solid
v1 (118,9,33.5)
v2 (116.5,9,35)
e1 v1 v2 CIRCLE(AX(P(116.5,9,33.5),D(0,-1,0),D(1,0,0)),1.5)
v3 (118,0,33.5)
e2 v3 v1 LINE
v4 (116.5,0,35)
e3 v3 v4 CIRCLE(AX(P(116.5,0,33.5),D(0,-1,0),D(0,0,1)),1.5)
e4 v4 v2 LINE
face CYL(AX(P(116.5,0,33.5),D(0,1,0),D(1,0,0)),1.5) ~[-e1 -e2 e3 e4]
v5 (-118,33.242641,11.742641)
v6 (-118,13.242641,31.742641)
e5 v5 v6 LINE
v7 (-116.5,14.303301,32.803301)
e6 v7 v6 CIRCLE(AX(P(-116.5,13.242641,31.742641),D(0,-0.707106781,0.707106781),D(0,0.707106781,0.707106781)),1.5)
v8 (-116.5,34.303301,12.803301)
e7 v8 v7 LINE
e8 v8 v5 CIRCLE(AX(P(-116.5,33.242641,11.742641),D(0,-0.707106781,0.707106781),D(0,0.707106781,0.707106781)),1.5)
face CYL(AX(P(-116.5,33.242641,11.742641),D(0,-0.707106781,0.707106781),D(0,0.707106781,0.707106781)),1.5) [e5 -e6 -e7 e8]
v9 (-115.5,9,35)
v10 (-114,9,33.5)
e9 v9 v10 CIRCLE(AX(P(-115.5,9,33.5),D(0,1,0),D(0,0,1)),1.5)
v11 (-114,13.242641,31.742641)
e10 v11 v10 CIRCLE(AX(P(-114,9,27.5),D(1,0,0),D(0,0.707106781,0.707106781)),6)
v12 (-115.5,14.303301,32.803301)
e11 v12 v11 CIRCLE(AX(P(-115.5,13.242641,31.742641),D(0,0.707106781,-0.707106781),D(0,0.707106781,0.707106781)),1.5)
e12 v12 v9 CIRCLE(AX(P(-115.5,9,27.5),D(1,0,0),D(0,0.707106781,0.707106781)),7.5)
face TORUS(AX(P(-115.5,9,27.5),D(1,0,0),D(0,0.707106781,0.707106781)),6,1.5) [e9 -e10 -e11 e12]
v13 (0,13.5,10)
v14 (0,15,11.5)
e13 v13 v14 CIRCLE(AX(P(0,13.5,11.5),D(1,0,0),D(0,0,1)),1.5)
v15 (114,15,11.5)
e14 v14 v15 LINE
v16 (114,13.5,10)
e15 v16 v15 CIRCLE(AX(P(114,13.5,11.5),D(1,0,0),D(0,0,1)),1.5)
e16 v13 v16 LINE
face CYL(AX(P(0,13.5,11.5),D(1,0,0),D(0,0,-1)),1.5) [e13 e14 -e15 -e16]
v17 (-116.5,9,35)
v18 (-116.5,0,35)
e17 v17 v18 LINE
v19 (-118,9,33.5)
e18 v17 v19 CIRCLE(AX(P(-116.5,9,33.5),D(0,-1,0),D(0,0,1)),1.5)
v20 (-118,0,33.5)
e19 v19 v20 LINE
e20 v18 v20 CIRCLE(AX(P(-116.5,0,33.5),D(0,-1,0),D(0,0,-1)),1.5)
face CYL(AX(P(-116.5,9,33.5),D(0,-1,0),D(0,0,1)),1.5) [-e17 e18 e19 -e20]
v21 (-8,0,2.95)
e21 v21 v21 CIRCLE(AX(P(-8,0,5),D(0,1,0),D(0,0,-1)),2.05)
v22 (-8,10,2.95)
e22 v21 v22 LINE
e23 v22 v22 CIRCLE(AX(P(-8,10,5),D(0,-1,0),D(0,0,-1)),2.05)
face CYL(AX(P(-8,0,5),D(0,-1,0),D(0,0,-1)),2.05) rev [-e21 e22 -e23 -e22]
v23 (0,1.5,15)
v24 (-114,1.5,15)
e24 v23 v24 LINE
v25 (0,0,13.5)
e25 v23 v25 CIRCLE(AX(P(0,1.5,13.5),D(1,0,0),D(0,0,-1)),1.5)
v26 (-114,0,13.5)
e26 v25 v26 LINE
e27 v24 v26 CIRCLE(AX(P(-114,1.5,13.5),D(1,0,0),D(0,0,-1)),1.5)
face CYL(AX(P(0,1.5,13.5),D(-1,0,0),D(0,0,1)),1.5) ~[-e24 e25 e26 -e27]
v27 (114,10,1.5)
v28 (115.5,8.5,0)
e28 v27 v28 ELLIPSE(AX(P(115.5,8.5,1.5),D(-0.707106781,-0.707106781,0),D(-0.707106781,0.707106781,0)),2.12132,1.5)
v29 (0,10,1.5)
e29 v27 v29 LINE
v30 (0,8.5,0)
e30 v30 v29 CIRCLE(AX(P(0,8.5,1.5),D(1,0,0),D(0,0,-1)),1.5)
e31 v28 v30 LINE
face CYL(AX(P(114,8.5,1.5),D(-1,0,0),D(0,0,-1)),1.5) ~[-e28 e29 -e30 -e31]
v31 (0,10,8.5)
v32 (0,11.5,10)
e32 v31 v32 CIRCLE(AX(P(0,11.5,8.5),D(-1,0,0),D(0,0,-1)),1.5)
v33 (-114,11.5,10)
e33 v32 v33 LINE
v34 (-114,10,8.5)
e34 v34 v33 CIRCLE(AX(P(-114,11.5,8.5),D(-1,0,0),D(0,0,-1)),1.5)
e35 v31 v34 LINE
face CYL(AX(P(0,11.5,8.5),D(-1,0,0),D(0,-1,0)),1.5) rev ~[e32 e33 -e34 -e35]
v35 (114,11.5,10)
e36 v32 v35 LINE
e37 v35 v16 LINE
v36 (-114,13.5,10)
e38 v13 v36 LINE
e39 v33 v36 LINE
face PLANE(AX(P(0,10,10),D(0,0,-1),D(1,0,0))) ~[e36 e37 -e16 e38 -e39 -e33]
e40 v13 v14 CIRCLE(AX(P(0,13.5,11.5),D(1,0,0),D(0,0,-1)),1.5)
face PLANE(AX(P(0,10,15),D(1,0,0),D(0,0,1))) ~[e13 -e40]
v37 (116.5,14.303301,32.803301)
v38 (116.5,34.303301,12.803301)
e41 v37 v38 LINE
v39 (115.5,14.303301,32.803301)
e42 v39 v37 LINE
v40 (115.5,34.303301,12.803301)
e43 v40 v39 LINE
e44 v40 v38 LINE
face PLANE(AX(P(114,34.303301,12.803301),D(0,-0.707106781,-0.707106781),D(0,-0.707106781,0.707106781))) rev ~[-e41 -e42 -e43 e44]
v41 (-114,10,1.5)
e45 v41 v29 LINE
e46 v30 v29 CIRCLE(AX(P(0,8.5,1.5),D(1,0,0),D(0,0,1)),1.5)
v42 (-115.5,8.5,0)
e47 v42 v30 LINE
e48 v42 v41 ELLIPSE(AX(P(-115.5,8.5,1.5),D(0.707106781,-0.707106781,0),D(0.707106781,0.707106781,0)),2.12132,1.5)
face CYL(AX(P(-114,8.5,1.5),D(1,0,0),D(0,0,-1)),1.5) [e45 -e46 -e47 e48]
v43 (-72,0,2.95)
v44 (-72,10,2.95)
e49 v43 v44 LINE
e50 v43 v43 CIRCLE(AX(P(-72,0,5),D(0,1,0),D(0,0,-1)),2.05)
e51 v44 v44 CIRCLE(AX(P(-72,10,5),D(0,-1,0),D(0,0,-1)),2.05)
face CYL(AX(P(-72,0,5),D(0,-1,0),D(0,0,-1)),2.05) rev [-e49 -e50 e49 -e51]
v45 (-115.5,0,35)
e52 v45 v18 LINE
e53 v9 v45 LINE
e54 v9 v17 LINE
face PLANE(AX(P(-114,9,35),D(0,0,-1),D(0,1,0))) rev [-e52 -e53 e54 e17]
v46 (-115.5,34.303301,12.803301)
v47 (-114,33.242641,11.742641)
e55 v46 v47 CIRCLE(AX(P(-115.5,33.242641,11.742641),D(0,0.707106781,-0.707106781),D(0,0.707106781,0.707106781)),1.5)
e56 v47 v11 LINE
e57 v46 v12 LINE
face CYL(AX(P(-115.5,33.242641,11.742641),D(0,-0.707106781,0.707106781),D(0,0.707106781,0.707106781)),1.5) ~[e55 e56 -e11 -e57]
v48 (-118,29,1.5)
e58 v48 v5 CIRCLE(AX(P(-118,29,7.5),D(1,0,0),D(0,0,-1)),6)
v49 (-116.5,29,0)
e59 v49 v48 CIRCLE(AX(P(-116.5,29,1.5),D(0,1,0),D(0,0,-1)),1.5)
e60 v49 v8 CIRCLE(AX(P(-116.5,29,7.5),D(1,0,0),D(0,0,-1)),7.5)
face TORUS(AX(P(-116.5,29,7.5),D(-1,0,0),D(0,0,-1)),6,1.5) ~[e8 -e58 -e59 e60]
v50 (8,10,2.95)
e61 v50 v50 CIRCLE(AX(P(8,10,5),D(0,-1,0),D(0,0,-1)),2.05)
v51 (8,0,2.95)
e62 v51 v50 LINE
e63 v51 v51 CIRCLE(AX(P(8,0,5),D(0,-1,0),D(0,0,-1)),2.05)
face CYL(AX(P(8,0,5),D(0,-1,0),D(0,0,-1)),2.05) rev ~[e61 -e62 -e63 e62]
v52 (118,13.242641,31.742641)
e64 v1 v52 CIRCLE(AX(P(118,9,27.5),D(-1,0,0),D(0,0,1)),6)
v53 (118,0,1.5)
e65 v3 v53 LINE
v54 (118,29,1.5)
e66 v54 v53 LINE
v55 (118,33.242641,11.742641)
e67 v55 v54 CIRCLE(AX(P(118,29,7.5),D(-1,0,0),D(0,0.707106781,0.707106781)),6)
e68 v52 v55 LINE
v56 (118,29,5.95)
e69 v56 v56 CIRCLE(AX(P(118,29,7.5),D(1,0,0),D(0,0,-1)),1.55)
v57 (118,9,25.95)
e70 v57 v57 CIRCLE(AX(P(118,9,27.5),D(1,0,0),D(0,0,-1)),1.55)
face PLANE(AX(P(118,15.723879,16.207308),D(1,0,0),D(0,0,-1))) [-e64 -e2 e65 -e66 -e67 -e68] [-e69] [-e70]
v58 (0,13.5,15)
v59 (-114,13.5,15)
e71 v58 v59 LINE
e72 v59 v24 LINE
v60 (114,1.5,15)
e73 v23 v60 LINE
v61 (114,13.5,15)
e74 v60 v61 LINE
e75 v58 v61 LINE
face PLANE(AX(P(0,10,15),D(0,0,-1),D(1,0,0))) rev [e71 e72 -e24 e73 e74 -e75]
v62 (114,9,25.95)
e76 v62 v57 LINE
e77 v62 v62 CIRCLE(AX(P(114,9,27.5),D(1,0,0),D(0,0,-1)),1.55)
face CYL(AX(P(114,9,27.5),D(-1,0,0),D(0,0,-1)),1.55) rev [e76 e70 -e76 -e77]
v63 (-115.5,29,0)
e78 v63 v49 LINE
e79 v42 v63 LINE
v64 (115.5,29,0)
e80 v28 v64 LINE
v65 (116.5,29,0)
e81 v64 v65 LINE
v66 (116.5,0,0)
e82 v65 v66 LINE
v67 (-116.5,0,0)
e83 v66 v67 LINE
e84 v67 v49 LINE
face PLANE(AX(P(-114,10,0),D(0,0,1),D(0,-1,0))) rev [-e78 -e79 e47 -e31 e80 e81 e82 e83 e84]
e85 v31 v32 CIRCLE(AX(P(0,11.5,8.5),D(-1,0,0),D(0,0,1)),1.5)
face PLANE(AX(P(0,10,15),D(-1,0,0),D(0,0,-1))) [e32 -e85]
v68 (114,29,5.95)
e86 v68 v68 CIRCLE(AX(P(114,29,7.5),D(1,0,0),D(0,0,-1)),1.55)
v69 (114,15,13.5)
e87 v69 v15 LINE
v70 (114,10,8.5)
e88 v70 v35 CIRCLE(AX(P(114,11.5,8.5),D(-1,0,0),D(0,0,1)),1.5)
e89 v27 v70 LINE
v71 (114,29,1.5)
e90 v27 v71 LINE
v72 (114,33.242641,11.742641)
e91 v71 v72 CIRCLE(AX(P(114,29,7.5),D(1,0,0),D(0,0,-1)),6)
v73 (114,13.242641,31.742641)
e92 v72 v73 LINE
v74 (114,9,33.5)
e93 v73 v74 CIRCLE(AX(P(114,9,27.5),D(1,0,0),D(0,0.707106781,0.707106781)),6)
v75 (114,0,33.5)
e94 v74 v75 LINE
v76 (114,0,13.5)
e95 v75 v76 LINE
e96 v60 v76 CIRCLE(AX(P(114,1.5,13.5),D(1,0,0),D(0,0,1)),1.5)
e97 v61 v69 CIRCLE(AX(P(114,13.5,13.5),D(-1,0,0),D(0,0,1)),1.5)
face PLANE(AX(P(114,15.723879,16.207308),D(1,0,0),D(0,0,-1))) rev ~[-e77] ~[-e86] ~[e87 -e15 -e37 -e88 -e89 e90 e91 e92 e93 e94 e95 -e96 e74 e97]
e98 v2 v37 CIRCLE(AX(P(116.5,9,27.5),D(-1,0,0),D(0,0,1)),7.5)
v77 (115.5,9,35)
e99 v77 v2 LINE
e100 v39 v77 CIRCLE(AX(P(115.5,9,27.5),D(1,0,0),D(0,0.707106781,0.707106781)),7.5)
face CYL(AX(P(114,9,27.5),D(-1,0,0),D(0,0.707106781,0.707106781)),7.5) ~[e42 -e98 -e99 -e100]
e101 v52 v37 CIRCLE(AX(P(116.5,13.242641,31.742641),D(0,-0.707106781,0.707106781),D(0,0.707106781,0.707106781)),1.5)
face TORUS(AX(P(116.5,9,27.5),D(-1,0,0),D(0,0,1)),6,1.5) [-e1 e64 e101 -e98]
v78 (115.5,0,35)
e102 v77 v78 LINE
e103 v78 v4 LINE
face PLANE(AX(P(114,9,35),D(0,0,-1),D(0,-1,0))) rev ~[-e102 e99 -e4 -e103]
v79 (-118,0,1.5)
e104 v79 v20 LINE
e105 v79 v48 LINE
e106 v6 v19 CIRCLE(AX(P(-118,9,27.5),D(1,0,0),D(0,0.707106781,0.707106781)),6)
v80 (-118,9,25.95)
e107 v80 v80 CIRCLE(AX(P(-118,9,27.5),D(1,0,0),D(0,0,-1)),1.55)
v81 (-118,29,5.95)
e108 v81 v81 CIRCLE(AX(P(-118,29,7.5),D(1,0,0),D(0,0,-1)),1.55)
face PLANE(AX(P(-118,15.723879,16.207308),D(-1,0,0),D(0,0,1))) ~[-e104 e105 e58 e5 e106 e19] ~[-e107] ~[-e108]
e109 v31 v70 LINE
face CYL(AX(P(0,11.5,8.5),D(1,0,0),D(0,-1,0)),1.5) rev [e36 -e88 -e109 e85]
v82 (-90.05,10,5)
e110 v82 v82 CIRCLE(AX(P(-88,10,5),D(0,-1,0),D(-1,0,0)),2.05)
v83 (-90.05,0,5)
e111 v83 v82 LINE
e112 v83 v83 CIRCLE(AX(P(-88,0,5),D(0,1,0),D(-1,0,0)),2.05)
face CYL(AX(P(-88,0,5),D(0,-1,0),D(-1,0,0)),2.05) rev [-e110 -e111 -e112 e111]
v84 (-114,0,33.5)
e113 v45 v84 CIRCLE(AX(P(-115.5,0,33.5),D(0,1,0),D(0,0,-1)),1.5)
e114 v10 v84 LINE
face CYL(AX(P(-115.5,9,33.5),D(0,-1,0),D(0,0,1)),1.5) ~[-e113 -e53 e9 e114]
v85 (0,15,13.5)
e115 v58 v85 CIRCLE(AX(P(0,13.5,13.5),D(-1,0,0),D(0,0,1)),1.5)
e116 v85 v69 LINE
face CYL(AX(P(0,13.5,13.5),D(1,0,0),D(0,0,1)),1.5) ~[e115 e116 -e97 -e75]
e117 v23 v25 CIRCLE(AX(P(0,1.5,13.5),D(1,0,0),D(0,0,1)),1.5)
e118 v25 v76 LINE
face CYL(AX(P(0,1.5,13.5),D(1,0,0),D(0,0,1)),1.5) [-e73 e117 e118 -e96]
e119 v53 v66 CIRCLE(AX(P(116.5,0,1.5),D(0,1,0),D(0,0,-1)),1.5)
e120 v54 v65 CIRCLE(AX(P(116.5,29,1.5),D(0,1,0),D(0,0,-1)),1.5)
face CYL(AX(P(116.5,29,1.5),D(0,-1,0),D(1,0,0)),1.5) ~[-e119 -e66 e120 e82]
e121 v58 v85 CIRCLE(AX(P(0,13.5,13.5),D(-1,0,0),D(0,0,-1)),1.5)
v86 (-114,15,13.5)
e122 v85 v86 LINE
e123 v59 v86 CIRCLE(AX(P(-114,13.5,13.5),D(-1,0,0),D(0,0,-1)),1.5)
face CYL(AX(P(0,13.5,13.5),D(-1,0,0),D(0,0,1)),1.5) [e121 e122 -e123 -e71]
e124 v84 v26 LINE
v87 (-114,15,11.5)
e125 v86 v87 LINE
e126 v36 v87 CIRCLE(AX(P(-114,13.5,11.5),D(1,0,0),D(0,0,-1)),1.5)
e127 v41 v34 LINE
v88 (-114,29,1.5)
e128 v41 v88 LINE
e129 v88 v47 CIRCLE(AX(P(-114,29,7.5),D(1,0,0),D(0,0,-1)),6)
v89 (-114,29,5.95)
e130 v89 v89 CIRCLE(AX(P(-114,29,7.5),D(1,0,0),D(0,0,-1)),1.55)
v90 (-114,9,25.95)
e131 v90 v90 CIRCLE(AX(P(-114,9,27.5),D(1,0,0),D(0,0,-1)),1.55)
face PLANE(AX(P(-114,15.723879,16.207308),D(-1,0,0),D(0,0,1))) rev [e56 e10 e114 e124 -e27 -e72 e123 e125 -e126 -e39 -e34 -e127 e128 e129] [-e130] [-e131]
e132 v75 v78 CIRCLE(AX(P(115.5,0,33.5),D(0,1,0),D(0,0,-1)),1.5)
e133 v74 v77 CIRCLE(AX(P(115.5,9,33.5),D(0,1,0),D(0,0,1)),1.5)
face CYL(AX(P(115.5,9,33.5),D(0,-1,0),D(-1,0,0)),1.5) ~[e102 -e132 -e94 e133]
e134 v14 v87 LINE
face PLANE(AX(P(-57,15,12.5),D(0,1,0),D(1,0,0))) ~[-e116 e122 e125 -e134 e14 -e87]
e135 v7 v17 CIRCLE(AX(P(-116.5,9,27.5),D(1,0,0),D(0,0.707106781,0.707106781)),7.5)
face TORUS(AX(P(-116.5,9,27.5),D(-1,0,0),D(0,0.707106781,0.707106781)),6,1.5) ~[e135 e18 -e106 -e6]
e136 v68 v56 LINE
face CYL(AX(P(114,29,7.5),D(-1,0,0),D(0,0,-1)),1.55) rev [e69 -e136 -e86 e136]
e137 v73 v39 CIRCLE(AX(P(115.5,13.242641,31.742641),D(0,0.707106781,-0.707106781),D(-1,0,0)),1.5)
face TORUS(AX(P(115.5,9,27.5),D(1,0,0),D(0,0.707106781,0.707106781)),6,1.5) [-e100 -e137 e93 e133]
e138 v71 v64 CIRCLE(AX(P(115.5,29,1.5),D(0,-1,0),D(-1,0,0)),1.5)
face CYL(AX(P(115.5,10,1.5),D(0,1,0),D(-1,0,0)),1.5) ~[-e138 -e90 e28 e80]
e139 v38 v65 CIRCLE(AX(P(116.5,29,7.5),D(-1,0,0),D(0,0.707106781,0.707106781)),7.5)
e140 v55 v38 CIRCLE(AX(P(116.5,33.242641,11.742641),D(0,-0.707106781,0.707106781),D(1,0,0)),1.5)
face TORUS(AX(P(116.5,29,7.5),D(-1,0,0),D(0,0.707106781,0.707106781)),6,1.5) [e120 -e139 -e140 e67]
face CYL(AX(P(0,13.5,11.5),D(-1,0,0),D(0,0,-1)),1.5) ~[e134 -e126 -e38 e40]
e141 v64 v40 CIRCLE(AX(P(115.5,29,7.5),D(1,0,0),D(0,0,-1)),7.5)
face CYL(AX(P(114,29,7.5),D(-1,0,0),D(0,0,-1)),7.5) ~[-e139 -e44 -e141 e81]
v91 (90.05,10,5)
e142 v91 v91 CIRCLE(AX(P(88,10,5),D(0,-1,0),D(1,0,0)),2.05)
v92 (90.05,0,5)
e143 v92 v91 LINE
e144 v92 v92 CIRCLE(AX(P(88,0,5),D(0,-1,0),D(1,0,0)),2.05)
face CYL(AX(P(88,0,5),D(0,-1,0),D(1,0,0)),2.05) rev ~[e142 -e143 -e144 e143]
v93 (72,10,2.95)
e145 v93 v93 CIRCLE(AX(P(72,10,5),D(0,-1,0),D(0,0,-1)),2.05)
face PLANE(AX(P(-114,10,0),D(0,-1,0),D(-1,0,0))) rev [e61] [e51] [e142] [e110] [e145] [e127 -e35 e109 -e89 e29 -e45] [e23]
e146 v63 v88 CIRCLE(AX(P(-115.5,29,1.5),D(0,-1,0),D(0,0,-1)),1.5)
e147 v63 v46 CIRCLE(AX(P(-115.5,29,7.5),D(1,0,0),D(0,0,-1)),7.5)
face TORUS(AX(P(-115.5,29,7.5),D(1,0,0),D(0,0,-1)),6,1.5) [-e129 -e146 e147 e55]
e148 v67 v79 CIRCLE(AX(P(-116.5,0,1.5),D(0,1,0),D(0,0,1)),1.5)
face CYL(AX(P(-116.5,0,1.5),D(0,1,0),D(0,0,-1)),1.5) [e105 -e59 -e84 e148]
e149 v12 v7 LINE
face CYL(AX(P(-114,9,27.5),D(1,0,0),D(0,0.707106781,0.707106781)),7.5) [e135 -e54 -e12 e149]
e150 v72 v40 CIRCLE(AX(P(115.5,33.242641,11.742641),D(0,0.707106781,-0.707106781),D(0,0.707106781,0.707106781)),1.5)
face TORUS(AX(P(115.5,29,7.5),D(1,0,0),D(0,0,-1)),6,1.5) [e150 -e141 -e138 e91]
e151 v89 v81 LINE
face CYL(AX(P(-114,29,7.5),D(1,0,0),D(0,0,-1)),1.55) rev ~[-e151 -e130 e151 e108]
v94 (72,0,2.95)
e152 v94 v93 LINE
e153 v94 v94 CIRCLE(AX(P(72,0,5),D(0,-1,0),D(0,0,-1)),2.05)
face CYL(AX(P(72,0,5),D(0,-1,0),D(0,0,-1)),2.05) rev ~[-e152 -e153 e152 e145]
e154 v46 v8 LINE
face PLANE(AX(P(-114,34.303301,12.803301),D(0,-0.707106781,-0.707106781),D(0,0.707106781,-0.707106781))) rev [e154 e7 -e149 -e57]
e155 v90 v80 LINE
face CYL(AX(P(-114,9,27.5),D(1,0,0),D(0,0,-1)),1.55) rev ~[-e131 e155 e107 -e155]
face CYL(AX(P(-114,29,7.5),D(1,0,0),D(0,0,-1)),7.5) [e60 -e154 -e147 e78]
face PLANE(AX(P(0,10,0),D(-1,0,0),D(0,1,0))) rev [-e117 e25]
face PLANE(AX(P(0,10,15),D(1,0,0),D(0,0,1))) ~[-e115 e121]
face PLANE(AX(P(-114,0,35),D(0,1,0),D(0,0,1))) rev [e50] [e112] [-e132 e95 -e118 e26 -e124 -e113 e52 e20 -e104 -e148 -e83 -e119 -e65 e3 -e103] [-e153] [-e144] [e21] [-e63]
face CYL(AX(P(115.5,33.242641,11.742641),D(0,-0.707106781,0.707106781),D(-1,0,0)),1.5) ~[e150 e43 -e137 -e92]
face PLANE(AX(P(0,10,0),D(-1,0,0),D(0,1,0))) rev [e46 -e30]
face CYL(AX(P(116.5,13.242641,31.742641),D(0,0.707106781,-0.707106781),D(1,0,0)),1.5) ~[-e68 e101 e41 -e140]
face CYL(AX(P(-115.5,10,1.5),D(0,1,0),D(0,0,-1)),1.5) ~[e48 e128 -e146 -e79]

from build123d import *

# Parameters (mm, degrees)
BOSS_EXTRU_1_DEPTH      = 15
ESQUISSE2_R             = 1.55
ESQUISSE2_W             = 15
ESQUISSE2_H             = 10
BOSS_EXTRU_2_DEPTH      = 4
ESQUISSE5_R             = 2.05
ENL_V_MAT_EXTRU_3_DEPTH = 129.379320765
ESQUISSE7_W             = 114
ESQUISSE7_H             = 5
BOSS_EXTRU_3_DEPTH      = 5
CONG_1_R                = 1.5
CONG_1_OF_SYM_TRIE5_R   = 1.5


with BuildPart() as part:
    # Esquisse1 → Boss.-Extru.1 (new body)
    with BuildSketch(Plane.XY):
        Polygon((0, 10), (0, 5), (0, 0), (114, 0), (114, 10), align=None)
    boss_extru_1 = extrude(amount=BOSS_EXTRU_1_DEPTH)

    # Esquisse2 → Boss.-Extru.2 (add)
    # profile 1 of 2: a face of its own
    with BuildSketch(Plane(origin=(114, 0, 0), x_dir=(0, 0, -1), z_dir=(1, 0, 0))):
        with BuildLine():
            ThreePointArc((0, 29), (-4.629874257, 35.929096494), (-12.803300859, 34.303300859))
            Line((-12.803300859, 34.303300859), (-32.803300859, 14.303300859))
            ThreePointArc((-32.803300859, 14.303300859), (-34.429096494, 11.870125743), (-35, 9))
            Line((-35, 9), (-35, 0))
            Line((-35, 0), (-15, 0))
            Line((-15, 0), (-15, 10))
            Line((-15, 10), (0, 10))
            Line((0, 10), (0, 29))
        make_face()
        with Locations((-27.5, 9)):
            Circle(ESQUISSE2_R, mode=Mode.SUBTRACT)
        with Locations((-7.5, 29)):
            Circle(ESQUISSE2_R, mode=Mode.SUBTRACT)
    # profile 2 of 2: a face of its own
    with BuildSketch(Plane(origin=(114, 0, 0), x_dir=(0, 0, -1), z_dir=(1, 0, 0))):
        with Locations((-7.5, 5)):
            Rectangle(ESQUISSE2_W, ESQUISSE2_H)
    boss_extru_2 = extrude(amount=BOSS_EXTRU_2_DEPTH)

    # Esquisse5 → Enlèv. mat.-Extru.3 (cut, through all)
    with BuildSketch(Plane.XZ):
        with Locations(Location((8, 5, 0), (0, 0, 270))):
            Circle(ESQUISSE5_R)
        with Locations(Location((72, 5, 0), (0, 0, 270))):
            Circle(ESQUISSE5_R)
        with Locations((88, 5)):
            Circle(ESQUISSE5_R)
    enl_v_mat_extru_3 = extrude(amount=-ENL_V_MAT_EXTRU_3_DEPTH, mode=Mode.SUBTRACT)

    # Esquisse7 → Boss.-Extru.3 (add)
    with BuildSketch(Plane(origin=(0, 10, 0), x_dir=(1, 0, 0), z_dir=(0, 1, 0))):
        with Locations((57, -12.5)):
            Rectangle(ESQUISSE7_W, ESQUISSE7_H)
    boss_extru_3 = extrude(amount=BOSS_EXTRU_3_DEPTH)

    # Congé1
    cong_1_edges = [part.edges().sort_by_distance(p)[0] for p in [
        (114, 35.929096494, 4.629874257),
        (114, 24.303300859, 22.803300859),
        (114, 11.870125743, 34.429096494),
        (114, 4.5, 35),
        (118, 14.5, 0),
        (114, 19.5, 0),
        (118, 35.929096494, 4.629874257),
        (118, 24.303300859, 22.803300859),
        (118, 11.870125743, 34.429096494),
        (118, 4.5, 35),
        (57, 0, 15),
        (57, 15, 10),
        (57, 15, 15),
        (57, 10, 10),
        (57, 10, 0),
    ]]
    fillet(cong_1_edges, radius=CONG_1_R)

    # Symétrie5: Boss.-Extru.1, Boss.-Extru.2, Enlèv. mat.-Extru.3, Boss.-Extru.3 across plane
    add(boss_extru_1.mirror(Plane(origin=(0, 5, 15), x_dir=(0, 0, 1), z_dir=(1, 0, 0))))
    add(boss_extru_2.mirror(Plane(origin=(0, 5, 15), x_dir=(0, 0, 1), z_dir=(1, 0, 0))))
    add(enl_v_mat_extru_3.mirror(Plane(origin=(0, 5, 15), x_dir=(0, 0, 1), z_dir=(1, 0, 0))), mode=Mode.SUBTRACT)
    add(boss_extru_3.mirror(Plane(origin=(0, 5, 15), x_dir=(0, 0, 1), z_dir=(1, 0, 0))))

    # Congé1 of Symétrie5
    cong_1_of_sym_trie5_edges = [part.edges().sort_by_distance(p)[0] for p in [
        (-114, 35.929096494, 4.629874257),
        (-114, 24.303300859, 22.803300859),
        (-114, 11.870125743, 34.429096494),
        (-114, 4.5, 35),
        (-118, 14.5, 0),
        (-114, 19.5, 0),
        (-118, 35.929096494, 4.629874257),
        (-118, 24.303300859, 22.803300859),
        (-118, 11.870125743, 34.429096494),
        (-118, 4.5, 35),
        (-57, 0, 15),
        (-57, 15, 10),
        (-57, 15, 15),
        (-57, 10, 10),
        (-57, 10, 0),
    ]]
    fillet(cong_1_of_sym_trie5_edges, radius=CONG_1_OF_SYM_TRIE5_R)


solid = part.part
